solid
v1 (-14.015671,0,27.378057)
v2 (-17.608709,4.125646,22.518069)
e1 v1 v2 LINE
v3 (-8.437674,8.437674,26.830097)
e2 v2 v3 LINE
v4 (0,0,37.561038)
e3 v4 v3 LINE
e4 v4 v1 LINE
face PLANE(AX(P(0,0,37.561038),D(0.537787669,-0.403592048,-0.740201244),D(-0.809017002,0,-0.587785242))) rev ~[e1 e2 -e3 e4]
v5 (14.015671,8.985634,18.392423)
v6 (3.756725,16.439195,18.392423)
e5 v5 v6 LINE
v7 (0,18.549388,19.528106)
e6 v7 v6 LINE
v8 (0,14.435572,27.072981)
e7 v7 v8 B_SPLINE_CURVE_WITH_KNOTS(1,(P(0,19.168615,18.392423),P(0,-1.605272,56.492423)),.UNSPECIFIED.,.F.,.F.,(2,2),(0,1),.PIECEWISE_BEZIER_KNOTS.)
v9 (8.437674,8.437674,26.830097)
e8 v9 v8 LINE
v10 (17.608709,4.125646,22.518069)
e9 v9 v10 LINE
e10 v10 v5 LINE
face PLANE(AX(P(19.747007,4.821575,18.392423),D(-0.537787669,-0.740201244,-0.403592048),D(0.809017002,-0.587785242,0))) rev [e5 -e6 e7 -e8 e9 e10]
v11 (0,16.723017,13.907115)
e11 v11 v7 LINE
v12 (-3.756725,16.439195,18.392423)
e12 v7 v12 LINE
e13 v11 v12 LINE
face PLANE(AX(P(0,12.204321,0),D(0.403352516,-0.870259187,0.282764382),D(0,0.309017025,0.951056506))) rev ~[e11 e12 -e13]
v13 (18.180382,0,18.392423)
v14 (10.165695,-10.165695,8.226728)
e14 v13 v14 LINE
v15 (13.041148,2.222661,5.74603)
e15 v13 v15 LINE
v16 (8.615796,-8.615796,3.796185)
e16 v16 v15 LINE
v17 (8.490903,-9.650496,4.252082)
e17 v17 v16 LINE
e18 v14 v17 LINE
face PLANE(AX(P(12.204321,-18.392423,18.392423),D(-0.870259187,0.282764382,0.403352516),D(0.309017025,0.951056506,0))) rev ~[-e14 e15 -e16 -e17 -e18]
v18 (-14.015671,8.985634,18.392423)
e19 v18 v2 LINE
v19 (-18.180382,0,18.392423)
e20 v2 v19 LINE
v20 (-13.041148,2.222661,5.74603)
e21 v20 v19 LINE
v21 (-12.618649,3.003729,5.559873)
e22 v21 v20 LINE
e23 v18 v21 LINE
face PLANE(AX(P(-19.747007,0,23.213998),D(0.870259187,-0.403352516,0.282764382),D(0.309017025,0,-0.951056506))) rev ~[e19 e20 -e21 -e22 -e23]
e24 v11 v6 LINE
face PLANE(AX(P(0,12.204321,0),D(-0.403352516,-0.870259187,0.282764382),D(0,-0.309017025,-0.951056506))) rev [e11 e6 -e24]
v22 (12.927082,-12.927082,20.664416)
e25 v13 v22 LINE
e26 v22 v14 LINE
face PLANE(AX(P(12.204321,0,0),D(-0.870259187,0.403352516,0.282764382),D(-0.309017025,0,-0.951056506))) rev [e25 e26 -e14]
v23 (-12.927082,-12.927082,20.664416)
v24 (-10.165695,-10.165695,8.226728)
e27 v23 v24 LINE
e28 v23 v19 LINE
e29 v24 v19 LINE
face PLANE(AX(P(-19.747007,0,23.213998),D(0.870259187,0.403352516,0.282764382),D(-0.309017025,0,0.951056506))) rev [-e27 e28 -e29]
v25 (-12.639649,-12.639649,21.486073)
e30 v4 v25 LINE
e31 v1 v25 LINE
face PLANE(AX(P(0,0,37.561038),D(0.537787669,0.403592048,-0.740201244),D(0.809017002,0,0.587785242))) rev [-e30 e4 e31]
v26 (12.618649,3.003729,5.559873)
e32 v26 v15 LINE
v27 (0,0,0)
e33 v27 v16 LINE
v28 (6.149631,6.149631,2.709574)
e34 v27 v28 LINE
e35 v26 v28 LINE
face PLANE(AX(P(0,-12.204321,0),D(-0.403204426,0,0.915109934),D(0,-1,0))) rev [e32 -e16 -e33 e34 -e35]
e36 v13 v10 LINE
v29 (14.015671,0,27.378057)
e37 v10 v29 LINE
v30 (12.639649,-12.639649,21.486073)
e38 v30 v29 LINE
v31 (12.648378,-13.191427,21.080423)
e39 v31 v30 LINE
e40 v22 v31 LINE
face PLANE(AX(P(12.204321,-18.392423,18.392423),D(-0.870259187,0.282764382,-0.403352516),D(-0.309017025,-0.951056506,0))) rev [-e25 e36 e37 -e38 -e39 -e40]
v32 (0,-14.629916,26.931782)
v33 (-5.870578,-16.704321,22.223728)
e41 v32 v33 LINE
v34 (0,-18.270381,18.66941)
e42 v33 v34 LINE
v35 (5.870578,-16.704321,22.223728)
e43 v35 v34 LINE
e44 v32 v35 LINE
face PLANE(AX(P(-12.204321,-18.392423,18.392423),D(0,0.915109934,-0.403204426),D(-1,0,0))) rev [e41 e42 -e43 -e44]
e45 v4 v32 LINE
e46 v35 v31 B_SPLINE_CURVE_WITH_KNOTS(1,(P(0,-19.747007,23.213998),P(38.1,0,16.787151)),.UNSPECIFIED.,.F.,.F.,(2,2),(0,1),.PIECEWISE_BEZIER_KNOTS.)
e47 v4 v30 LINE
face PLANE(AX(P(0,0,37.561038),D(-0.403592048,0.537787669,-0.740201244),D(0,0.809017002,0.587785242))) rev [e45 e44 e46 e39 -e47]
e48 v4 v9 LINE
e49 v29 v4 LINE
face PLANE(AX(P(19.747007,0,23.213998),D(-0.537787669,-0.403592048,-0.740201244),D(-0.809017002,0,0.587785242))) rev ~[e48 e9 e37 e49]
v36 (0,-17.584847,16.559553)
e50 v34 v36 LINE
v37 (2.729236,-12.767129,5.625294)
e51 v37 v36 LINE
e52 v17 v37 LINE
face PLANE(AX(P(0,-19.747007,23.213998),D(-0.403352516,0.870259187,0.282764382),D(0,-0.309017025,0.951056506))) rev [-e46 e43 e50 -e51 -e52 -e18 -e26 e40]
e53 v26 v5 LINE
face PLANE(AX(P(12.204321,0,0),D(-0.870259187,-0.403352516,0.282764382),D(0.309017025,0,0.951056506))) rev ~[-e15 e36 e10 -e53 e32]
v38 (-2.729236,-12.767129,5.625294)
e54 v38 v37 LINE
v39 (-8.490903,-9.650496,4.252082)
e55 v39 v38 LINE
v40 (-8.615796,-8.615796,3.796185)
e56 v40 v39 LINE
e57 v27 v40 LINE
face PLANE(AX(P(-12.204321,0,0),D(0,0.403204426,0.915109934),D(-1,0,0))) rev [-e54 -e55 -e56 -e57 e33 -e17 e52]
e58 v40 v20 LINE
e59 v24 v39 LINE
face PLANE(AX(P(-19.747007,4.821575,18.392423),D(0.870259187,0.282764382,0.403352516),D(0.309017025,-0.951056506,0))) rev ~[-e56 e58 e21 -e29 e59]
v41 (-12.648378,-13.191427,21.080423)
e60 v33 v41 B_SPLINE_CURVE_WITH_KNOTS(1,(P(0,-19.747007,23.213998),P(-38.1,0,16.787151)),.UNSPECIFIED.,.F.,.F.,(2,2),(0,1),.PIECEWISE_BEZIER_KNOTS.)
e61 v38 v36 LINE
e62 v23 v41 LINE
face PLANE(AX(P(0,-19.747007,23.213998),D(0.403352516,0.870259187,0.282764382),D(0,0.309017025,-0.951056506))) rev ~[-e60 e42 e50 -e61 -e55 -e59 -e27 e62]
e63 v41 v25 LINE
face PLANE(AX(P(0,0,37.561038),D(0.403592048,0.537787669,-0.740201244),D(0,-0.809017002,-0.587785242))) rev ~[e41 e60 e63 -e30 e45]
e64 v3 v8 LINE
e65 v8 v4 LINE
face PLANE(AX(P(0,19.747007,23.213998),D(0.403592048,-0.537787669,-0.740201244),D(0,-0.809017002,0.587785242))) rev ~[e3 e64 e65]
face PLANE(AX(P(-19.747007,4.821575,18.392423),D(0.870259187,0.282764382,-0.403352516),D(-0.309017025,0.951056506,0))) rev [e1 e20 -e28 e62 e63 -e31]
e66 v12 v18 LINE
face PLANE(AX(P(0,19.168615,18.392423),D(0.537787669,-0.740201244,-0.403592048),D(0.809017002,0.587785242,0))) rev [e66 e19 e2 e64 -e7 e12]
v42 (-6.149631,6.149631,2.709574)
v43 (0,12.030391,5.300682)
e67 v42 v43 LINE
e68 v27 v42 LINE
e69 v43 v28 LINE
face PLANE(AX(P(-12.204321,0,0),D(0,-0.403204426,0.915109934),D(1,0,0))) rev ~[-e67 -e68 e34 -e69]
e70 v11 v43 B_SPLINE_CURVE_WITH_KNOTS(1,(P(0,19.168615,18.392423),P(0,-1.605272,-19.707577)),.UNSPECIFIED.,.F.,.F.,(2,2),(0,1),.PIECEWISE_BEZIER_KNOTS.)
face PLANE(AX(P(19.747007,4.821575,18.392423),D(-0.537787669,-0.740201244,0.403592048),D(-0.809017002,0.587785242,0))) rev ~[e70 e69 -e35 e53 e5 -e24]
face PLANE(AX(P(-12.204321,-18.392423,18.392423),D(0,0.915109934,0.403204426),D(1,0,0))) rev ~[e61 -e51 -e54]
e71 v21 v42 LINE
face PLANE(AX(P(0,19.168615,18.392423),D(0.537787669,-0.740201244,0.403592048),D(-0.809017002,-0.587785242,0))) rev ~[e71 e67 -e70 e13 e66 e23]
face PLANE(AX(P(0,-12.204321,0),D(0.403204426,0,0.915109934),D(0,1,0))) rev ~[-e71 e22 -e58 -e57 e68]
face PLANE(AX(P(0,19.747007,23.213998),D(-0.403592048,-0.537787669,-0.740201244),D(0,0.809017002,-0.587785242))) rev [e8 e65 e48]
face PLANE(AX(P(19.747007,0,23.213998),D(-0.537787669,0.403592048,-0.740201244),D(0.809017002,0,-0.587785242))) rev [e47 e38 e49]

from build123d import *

# Parameters (mm, degrees)
F5_COUNT = 4
F6_COUNT = 2
F6_ANGLE = 90


with BuildPart() as f2:
    # F0 (on Front) → F2 section 0
    with BuildSketch(Plane.XZ, mode=Mode.PRIVATE) as f2_s0:
        Polygon((-12.204321, 0), (12.204321, 0), (19.747007, 23.213998), (0, 37.561038), (-19.747007, 23.213998), align=None)
    loft([f2_s0.sketch, Vertex(0, 38.1, 16.787151)])

    # F4: F2 across plane


with BuildPart() as f2_1:
    add(f2.part)
    add(f2.part.mirror(Plane.XZ))


with BuildPart() as f5_1:
    # F5: instance of F2
    add(f2_1.part.rotate(Axis((0, 0, 18.392423), (0, 0, 1)), 1 * 360 / F5_COUNT))


with BuildPart() as f5_2:
    # F5: instance of F2
    add(f2_1.part.rotate(Axis((0, 0, 18.392423), (0, 0, 1)), 2 * 360 / F5_COUNT))


with BuildPart() as f5_3:
    # F5: instance of F2
    add(f2_1.part.rotate(Axis((0, 0, 18.392423), (0, 0, 1)), 3 * 360 / F5_COUNT))


with BuildPart() as f6_1:
    # F6: instance of F2
    add(f2_1.part.rotate(Axis((0.121067, 0, 18.392423), (-1, 0, 0)), 1 * F6_ANGLE / (F6_COUNT - 1)))


with BuildPart() as f2_2:
    add(f2_1.part)

    # F7: intersect F5_1, F6_1, F5_2, F5_3
    add(f5_1.part, mode=Mode.INTERSECT)
    add(f6_1.part, mode=Mode.INTERSECT)
    add(f5_2.part, mode=Mode.INTERSECT)
    add(f5_3.part, mode=Mode.INTERSECT)


solid = f2_2.part
